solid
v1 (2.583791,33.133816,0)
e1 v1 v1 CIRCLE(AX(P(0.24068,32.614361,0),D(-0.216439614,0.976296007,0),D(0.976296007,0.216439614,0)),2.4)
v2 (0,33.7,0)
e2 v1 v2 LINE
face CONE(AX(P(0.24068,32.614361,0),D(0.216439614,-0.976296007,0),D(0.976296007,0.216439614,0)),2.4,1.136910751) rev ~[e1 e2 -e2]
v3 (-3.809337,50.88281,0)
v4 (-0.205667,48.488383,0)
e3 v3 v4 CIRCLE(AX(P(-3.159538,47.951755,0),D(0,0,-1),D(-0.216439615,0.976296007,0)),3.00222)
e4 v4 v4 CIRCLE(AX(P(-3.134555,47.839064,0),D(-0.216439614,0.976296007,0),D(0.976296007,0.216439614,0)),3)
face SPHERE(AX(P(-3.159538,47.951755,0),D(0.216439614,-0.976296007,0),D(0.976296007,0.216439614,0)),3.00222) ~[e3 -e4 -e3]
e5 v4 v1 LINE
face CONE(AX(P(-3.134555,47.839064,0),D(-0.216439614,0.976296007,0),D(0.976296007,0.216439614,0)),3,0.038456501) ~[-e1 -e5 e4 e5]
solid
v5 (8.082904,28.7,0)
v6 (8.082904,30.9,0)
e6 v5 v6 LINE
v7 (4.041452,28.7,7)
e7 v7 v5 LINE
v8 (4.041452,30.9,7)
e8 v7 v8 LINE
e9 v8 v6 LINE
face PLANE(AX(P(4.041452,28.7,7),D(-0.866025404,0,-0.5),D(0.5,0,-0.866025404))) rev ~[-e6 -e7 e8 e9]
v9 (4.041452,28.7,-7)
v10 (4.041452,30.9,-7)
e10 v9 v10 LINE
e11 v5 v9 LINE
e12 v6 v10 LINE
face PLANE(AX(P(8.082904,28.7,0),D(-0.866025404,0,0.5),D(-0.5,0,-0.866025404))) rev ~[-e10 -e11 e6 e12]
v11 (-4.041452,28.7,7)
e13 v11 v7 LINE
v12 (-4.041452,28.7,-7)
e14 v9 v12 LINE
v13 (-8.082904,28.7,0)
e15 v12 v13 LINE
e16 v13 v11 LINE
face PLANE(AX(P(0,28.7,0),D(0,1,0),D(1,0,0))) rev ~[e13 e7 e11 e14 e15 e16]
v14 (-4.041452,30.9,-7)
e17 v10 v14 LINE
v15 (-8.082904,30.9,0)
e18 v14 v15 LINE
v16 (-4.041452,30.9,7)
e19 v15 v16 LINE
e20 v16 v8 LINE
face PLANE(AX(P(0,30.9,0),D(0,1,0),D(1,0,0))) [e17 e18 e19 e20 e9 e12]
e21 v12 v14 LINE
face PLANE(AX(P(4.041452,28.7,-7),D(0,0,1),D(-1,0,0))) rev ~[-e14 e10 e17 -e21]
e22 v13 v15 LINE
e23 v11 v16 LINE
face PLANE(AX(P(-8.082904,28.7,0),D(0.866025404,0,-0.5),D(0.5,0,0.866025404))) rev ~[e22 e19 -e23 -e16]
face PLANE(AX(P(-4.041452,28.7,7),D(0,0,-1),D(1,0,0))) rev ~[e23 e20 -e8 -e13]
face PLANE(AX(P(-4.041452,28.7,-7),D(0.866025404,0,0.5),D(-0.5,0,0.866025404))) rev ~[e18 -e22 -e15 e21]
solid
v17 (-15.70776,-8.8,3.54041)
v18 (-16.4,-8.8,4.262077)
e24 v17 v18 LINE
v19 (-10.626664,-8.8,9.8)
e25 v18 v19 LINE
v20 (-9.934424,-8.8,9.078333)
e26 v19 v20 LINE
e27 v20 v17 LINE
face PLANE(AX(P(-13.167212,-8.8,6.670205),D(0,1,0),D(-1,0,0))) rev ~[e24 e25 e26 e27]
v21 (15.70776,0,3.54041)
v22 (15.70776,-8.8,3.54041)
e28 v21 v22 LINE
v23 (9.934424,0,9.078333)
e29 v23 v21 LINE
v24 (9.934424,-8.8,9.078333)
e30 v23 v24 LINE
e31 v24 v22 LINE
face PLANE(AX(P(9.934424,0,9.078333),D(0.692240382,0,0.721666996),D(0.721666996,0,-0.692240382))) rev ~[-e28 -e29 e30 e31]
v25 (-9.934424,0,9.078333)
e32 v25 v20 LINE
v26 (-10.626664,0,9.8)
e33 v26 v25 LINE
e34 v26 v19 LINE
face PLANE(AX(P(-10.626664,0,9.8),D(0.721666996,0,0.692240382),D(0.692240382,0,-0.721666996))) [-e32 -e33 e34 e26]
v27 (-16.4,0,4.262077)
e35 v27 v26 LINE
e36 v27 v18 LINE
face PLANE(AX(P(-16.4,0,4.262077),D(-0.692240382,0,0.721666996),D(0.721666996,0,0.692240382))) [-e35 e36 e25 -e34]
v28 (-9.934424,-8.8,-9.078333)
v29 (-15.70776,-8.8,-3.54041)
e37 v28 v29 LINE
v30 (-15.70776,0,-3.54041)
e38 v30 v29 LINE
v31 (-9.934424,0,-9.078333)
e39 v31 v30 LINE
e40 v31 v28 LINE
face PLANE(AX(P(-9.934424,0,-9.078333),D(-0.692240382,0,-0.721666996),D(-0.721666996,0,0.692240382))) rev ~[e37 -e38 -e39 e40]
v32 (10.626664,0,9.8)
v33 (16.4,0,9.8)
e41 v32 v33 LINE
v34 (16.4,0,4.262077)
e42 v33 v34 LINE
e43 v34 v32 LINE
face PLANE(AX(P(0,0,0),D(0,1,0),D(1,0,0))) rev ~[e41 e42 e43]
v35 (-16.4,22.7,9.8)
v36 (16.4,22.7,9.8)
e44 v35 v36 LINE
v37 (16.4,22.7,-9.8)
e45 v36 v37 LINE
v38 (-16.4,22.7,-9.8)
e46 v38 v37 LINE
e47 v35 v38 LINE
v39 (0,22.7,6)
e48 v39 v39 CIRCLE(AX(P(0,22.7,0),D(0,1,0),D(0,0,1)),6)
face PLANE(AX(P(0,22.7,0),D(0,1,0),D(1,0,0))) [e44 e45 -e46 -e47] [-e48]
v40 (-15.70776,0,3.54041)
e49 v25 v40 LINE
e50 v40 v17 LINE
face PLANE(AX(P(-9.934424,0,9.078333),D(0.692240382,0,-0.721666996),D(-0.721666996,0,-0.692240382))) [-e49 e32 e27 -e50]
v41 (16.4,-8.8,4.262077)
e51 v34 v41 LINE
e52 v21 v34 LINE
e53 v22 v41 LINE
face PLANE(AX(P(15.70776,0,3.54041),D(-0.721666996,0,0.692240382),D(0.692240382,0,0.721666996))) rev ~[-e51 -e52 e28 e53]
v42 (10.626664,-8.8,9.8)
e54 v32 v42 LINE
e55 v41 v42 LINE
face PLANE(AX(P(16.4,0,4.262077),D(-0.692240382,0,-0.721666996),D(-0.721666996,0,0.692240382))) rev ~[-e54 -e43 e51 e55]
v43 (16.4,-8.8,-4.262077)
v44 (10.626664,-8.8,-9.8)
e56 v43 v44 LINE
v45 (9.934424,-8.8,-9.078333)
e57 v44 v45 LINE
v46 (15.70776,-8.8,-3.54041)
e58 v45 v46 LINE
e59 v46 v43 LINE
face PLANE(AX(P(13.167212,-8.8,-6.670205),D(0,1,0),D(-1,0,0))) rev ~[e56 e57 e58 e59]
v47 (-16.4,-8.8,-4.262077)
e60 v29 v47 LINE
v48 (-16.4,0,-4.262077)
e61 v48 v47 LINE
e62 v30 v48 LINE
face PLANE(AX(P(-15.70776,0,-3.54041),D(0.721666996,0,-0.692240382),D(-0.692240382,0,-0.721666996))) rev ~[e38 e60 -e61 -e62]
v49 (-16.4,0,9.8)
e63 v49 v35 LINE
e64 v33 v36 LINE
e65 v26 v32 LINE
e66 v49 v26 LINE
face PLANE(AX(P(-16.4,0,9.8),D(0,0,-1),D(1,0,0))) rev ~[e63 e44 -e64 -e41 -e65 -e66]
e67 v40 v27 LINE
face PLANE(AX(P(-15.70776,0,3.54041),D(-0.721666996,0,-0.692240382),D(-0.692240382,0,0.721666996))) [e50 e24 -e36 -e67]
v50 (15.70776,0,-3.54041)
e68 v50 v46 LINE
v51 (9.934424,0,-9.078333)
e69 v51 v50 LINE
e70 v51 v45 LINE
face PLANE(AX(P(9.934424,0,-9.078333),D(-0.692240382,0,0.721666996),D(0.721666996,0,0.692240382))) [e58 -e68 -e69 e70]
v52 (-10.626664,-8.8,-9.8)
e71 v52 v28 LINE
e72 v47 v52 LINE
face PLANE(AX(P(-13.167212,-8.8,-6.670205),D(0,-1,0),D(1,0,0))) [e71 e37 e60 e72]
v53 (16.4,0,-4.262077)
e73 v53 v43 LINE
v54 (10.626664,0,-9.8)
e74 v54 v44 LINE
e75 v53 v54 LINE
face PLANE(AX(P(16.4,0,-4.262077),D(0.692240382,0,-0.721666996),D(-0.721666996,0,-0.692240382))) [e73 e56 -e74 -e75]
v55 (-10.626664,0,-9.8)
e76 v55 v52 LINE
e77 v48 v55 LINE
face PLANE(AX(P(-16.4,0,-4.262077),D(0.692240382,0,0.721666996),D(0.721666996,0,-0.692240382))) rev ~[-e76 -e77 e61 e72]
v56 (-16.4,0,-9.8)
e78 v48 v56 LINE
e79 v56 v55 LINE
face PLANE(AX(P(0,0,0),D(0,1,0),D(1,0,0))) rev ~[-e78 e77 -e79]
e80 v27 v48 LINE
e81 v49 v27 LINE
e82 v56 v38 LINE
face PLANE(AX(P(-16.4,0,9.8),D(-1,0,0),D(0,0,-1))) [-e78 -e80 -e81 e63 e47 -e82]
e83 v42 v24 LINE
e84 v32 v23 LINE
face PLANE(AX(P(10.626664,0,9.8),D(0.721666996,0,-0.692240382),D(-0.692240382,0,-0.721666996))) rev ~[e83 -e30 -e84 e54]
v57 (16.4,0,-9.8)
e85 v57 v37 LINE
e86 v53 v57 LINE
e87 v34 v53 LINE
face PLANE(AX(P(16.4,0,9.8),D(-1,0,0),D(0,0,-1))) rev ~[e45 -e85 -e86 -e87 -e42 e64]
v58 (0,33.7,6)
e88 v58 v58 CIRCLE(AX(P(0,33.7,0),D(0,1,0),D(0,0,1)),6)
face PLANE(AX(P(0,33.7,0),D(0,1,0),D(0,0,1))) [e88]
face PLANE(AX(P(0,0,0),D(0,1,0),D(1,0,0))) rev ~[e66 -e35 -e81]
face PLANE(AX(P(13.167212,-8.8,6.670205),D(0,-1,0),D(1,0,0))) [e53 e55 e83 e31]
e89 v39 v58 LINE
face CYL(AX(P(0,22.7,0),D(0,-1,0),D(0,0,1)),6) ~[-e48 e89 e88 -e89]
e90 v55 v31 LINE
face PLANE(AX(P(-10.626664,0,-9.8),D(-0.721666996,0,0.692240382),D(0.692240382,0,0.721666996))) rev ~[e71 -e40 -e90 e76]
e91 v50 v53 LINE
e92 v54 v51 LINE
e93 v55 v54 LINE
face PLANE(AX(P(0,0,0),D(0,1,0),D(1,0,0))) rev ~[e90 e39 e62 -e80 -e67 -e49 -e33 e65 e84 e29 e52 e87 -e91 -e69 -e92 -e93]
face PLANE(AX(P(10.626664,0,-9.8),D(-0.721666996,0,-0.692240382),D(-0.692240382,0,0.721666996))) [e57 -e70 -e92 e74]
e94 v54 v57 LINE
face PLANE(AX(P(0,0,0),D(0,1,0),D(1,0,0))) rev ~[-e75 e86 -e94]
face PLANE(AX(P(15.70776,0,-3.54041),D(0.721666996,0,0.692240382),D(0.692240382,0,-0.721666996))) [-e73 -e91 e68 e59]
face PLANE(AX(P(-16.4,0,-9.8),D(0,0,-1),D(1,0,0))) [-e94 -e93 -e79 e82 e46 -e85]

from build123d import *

# Parameters (mm, degrees)
ESQUISSE1_W        = 32.8
ESQUISSE1_H        = 19.6
BOSS_EXTRU_1_DEPTH = 22.7
ESQUISSE2_R        = 6
BOSS_EXTRU_2_DEPTH = 11
BOSS_EXTRU_3_DEPTH = 8.8
BOSS_EXTRU_4_START = 6
BOSS_EXTRU_4_DEPTH = 2.2


with BuildPart() as part:
    # Esquisse1 → Boss.-Extru.1 (new body)
    with BuildSketch(Plane(origin=(0, 0, 0), x_dir=(1, 0, 0), z_dir=(0, 1, 0))):
        Rectangle(ESQUISSE1_W, ESQUISSE1_H)
    extrude(amount=BOSS_EXTRU_1_DEPTH)

    # Esquisse2 → Boss.-Extru.2 (add)
    with BuildSketch(Plane(origin=(0, 22.7, 0), x_dir=(1, 0, 0), z_dir=(0, 1, 0))):
        with Locations(Location((0, 0, 0), (0, 0, 270))):
            Circle(ESQUISSE2_R)
    extrude(amount=BOSS_EXTRU_2_DEPTH)

    # Esquisse4 → Boss.-Extru.3 (add)
    with BuildSketch(Plane.XZ):
        Polygon((-16.4, 4.262076942), (-10.626664032, 9.8), (-9.93442365, 9.078333004), (-15.707759618, 3.540409946), align=None)
        Polygon((15.707759618, 3.540409946), (16.4, 4.262076942), (10.626664032, 9.8), (9.93442365, 9.078333004), align=None)
        Polygon((16.4, -4.262076942), (10.626664032, -9.8), (9.93442365, -9.078333004), (15.707759618, -3.540409946), align=None)
        Polygon((-15.707759618, -3.540409946), (-16.4, -4.262076942), (-10.626664032, -9.8), (-9.93442365, -9.078333004), align=None)
    extrude(amount=BOSS_EXTRU_3_DEPTH)


with BuildPart() as body_2:
    # Esquisse3 → Révolution1 (revolve)
    with BuildSketch(Plane.XY, mode=Mode.PRIVATE) as r_volution1_sk:
        with BuildLine():
            Line((0, 33.7), (-3.809337205, 50.882809725))
            ThreePointArc((-3.809337205, 50.882809725), (-5.722131309, 49.515864065), (-6.063443101, 47.189745413))
            Line((-6.063443101, 47.189745413), (-2.102430111, 32.094906225))
            Line((-2.102430111, 32.094906225), (0, 33.7))
        make_face()
    revolve(r_volution1_sk.sketch.rotate(Axis((0, 33.7, 0), (-0.21643961393810363, 0.9762960071199333, 0)), 180), axis=Axis((0, 33.7, 0), (-0.21643961393810363, 0.9762960071199333, 0)))


with BuildPart() as body_3:
    # Esquisse5 → Boss.-Extru.4 (new body)
    with BuildSketch(Plane(origin=(0, 22.7, 0), x_dir=(1, 0, 0), z_dir=(0, 1, 0)).offset(BOSS_EXTRU_4_START)):
        Polygon((8.082903769, 0), (4.041451884, 7), (-4.041451884, 7), (-8.082903769, 0), (-4.041451884, -7), (4.041451884, -7), align=None)
    extrude(amount=BOSS_EXTRU_4_DEPTH)


solid = Compound([part.part, body_2.part, body_3.part])
